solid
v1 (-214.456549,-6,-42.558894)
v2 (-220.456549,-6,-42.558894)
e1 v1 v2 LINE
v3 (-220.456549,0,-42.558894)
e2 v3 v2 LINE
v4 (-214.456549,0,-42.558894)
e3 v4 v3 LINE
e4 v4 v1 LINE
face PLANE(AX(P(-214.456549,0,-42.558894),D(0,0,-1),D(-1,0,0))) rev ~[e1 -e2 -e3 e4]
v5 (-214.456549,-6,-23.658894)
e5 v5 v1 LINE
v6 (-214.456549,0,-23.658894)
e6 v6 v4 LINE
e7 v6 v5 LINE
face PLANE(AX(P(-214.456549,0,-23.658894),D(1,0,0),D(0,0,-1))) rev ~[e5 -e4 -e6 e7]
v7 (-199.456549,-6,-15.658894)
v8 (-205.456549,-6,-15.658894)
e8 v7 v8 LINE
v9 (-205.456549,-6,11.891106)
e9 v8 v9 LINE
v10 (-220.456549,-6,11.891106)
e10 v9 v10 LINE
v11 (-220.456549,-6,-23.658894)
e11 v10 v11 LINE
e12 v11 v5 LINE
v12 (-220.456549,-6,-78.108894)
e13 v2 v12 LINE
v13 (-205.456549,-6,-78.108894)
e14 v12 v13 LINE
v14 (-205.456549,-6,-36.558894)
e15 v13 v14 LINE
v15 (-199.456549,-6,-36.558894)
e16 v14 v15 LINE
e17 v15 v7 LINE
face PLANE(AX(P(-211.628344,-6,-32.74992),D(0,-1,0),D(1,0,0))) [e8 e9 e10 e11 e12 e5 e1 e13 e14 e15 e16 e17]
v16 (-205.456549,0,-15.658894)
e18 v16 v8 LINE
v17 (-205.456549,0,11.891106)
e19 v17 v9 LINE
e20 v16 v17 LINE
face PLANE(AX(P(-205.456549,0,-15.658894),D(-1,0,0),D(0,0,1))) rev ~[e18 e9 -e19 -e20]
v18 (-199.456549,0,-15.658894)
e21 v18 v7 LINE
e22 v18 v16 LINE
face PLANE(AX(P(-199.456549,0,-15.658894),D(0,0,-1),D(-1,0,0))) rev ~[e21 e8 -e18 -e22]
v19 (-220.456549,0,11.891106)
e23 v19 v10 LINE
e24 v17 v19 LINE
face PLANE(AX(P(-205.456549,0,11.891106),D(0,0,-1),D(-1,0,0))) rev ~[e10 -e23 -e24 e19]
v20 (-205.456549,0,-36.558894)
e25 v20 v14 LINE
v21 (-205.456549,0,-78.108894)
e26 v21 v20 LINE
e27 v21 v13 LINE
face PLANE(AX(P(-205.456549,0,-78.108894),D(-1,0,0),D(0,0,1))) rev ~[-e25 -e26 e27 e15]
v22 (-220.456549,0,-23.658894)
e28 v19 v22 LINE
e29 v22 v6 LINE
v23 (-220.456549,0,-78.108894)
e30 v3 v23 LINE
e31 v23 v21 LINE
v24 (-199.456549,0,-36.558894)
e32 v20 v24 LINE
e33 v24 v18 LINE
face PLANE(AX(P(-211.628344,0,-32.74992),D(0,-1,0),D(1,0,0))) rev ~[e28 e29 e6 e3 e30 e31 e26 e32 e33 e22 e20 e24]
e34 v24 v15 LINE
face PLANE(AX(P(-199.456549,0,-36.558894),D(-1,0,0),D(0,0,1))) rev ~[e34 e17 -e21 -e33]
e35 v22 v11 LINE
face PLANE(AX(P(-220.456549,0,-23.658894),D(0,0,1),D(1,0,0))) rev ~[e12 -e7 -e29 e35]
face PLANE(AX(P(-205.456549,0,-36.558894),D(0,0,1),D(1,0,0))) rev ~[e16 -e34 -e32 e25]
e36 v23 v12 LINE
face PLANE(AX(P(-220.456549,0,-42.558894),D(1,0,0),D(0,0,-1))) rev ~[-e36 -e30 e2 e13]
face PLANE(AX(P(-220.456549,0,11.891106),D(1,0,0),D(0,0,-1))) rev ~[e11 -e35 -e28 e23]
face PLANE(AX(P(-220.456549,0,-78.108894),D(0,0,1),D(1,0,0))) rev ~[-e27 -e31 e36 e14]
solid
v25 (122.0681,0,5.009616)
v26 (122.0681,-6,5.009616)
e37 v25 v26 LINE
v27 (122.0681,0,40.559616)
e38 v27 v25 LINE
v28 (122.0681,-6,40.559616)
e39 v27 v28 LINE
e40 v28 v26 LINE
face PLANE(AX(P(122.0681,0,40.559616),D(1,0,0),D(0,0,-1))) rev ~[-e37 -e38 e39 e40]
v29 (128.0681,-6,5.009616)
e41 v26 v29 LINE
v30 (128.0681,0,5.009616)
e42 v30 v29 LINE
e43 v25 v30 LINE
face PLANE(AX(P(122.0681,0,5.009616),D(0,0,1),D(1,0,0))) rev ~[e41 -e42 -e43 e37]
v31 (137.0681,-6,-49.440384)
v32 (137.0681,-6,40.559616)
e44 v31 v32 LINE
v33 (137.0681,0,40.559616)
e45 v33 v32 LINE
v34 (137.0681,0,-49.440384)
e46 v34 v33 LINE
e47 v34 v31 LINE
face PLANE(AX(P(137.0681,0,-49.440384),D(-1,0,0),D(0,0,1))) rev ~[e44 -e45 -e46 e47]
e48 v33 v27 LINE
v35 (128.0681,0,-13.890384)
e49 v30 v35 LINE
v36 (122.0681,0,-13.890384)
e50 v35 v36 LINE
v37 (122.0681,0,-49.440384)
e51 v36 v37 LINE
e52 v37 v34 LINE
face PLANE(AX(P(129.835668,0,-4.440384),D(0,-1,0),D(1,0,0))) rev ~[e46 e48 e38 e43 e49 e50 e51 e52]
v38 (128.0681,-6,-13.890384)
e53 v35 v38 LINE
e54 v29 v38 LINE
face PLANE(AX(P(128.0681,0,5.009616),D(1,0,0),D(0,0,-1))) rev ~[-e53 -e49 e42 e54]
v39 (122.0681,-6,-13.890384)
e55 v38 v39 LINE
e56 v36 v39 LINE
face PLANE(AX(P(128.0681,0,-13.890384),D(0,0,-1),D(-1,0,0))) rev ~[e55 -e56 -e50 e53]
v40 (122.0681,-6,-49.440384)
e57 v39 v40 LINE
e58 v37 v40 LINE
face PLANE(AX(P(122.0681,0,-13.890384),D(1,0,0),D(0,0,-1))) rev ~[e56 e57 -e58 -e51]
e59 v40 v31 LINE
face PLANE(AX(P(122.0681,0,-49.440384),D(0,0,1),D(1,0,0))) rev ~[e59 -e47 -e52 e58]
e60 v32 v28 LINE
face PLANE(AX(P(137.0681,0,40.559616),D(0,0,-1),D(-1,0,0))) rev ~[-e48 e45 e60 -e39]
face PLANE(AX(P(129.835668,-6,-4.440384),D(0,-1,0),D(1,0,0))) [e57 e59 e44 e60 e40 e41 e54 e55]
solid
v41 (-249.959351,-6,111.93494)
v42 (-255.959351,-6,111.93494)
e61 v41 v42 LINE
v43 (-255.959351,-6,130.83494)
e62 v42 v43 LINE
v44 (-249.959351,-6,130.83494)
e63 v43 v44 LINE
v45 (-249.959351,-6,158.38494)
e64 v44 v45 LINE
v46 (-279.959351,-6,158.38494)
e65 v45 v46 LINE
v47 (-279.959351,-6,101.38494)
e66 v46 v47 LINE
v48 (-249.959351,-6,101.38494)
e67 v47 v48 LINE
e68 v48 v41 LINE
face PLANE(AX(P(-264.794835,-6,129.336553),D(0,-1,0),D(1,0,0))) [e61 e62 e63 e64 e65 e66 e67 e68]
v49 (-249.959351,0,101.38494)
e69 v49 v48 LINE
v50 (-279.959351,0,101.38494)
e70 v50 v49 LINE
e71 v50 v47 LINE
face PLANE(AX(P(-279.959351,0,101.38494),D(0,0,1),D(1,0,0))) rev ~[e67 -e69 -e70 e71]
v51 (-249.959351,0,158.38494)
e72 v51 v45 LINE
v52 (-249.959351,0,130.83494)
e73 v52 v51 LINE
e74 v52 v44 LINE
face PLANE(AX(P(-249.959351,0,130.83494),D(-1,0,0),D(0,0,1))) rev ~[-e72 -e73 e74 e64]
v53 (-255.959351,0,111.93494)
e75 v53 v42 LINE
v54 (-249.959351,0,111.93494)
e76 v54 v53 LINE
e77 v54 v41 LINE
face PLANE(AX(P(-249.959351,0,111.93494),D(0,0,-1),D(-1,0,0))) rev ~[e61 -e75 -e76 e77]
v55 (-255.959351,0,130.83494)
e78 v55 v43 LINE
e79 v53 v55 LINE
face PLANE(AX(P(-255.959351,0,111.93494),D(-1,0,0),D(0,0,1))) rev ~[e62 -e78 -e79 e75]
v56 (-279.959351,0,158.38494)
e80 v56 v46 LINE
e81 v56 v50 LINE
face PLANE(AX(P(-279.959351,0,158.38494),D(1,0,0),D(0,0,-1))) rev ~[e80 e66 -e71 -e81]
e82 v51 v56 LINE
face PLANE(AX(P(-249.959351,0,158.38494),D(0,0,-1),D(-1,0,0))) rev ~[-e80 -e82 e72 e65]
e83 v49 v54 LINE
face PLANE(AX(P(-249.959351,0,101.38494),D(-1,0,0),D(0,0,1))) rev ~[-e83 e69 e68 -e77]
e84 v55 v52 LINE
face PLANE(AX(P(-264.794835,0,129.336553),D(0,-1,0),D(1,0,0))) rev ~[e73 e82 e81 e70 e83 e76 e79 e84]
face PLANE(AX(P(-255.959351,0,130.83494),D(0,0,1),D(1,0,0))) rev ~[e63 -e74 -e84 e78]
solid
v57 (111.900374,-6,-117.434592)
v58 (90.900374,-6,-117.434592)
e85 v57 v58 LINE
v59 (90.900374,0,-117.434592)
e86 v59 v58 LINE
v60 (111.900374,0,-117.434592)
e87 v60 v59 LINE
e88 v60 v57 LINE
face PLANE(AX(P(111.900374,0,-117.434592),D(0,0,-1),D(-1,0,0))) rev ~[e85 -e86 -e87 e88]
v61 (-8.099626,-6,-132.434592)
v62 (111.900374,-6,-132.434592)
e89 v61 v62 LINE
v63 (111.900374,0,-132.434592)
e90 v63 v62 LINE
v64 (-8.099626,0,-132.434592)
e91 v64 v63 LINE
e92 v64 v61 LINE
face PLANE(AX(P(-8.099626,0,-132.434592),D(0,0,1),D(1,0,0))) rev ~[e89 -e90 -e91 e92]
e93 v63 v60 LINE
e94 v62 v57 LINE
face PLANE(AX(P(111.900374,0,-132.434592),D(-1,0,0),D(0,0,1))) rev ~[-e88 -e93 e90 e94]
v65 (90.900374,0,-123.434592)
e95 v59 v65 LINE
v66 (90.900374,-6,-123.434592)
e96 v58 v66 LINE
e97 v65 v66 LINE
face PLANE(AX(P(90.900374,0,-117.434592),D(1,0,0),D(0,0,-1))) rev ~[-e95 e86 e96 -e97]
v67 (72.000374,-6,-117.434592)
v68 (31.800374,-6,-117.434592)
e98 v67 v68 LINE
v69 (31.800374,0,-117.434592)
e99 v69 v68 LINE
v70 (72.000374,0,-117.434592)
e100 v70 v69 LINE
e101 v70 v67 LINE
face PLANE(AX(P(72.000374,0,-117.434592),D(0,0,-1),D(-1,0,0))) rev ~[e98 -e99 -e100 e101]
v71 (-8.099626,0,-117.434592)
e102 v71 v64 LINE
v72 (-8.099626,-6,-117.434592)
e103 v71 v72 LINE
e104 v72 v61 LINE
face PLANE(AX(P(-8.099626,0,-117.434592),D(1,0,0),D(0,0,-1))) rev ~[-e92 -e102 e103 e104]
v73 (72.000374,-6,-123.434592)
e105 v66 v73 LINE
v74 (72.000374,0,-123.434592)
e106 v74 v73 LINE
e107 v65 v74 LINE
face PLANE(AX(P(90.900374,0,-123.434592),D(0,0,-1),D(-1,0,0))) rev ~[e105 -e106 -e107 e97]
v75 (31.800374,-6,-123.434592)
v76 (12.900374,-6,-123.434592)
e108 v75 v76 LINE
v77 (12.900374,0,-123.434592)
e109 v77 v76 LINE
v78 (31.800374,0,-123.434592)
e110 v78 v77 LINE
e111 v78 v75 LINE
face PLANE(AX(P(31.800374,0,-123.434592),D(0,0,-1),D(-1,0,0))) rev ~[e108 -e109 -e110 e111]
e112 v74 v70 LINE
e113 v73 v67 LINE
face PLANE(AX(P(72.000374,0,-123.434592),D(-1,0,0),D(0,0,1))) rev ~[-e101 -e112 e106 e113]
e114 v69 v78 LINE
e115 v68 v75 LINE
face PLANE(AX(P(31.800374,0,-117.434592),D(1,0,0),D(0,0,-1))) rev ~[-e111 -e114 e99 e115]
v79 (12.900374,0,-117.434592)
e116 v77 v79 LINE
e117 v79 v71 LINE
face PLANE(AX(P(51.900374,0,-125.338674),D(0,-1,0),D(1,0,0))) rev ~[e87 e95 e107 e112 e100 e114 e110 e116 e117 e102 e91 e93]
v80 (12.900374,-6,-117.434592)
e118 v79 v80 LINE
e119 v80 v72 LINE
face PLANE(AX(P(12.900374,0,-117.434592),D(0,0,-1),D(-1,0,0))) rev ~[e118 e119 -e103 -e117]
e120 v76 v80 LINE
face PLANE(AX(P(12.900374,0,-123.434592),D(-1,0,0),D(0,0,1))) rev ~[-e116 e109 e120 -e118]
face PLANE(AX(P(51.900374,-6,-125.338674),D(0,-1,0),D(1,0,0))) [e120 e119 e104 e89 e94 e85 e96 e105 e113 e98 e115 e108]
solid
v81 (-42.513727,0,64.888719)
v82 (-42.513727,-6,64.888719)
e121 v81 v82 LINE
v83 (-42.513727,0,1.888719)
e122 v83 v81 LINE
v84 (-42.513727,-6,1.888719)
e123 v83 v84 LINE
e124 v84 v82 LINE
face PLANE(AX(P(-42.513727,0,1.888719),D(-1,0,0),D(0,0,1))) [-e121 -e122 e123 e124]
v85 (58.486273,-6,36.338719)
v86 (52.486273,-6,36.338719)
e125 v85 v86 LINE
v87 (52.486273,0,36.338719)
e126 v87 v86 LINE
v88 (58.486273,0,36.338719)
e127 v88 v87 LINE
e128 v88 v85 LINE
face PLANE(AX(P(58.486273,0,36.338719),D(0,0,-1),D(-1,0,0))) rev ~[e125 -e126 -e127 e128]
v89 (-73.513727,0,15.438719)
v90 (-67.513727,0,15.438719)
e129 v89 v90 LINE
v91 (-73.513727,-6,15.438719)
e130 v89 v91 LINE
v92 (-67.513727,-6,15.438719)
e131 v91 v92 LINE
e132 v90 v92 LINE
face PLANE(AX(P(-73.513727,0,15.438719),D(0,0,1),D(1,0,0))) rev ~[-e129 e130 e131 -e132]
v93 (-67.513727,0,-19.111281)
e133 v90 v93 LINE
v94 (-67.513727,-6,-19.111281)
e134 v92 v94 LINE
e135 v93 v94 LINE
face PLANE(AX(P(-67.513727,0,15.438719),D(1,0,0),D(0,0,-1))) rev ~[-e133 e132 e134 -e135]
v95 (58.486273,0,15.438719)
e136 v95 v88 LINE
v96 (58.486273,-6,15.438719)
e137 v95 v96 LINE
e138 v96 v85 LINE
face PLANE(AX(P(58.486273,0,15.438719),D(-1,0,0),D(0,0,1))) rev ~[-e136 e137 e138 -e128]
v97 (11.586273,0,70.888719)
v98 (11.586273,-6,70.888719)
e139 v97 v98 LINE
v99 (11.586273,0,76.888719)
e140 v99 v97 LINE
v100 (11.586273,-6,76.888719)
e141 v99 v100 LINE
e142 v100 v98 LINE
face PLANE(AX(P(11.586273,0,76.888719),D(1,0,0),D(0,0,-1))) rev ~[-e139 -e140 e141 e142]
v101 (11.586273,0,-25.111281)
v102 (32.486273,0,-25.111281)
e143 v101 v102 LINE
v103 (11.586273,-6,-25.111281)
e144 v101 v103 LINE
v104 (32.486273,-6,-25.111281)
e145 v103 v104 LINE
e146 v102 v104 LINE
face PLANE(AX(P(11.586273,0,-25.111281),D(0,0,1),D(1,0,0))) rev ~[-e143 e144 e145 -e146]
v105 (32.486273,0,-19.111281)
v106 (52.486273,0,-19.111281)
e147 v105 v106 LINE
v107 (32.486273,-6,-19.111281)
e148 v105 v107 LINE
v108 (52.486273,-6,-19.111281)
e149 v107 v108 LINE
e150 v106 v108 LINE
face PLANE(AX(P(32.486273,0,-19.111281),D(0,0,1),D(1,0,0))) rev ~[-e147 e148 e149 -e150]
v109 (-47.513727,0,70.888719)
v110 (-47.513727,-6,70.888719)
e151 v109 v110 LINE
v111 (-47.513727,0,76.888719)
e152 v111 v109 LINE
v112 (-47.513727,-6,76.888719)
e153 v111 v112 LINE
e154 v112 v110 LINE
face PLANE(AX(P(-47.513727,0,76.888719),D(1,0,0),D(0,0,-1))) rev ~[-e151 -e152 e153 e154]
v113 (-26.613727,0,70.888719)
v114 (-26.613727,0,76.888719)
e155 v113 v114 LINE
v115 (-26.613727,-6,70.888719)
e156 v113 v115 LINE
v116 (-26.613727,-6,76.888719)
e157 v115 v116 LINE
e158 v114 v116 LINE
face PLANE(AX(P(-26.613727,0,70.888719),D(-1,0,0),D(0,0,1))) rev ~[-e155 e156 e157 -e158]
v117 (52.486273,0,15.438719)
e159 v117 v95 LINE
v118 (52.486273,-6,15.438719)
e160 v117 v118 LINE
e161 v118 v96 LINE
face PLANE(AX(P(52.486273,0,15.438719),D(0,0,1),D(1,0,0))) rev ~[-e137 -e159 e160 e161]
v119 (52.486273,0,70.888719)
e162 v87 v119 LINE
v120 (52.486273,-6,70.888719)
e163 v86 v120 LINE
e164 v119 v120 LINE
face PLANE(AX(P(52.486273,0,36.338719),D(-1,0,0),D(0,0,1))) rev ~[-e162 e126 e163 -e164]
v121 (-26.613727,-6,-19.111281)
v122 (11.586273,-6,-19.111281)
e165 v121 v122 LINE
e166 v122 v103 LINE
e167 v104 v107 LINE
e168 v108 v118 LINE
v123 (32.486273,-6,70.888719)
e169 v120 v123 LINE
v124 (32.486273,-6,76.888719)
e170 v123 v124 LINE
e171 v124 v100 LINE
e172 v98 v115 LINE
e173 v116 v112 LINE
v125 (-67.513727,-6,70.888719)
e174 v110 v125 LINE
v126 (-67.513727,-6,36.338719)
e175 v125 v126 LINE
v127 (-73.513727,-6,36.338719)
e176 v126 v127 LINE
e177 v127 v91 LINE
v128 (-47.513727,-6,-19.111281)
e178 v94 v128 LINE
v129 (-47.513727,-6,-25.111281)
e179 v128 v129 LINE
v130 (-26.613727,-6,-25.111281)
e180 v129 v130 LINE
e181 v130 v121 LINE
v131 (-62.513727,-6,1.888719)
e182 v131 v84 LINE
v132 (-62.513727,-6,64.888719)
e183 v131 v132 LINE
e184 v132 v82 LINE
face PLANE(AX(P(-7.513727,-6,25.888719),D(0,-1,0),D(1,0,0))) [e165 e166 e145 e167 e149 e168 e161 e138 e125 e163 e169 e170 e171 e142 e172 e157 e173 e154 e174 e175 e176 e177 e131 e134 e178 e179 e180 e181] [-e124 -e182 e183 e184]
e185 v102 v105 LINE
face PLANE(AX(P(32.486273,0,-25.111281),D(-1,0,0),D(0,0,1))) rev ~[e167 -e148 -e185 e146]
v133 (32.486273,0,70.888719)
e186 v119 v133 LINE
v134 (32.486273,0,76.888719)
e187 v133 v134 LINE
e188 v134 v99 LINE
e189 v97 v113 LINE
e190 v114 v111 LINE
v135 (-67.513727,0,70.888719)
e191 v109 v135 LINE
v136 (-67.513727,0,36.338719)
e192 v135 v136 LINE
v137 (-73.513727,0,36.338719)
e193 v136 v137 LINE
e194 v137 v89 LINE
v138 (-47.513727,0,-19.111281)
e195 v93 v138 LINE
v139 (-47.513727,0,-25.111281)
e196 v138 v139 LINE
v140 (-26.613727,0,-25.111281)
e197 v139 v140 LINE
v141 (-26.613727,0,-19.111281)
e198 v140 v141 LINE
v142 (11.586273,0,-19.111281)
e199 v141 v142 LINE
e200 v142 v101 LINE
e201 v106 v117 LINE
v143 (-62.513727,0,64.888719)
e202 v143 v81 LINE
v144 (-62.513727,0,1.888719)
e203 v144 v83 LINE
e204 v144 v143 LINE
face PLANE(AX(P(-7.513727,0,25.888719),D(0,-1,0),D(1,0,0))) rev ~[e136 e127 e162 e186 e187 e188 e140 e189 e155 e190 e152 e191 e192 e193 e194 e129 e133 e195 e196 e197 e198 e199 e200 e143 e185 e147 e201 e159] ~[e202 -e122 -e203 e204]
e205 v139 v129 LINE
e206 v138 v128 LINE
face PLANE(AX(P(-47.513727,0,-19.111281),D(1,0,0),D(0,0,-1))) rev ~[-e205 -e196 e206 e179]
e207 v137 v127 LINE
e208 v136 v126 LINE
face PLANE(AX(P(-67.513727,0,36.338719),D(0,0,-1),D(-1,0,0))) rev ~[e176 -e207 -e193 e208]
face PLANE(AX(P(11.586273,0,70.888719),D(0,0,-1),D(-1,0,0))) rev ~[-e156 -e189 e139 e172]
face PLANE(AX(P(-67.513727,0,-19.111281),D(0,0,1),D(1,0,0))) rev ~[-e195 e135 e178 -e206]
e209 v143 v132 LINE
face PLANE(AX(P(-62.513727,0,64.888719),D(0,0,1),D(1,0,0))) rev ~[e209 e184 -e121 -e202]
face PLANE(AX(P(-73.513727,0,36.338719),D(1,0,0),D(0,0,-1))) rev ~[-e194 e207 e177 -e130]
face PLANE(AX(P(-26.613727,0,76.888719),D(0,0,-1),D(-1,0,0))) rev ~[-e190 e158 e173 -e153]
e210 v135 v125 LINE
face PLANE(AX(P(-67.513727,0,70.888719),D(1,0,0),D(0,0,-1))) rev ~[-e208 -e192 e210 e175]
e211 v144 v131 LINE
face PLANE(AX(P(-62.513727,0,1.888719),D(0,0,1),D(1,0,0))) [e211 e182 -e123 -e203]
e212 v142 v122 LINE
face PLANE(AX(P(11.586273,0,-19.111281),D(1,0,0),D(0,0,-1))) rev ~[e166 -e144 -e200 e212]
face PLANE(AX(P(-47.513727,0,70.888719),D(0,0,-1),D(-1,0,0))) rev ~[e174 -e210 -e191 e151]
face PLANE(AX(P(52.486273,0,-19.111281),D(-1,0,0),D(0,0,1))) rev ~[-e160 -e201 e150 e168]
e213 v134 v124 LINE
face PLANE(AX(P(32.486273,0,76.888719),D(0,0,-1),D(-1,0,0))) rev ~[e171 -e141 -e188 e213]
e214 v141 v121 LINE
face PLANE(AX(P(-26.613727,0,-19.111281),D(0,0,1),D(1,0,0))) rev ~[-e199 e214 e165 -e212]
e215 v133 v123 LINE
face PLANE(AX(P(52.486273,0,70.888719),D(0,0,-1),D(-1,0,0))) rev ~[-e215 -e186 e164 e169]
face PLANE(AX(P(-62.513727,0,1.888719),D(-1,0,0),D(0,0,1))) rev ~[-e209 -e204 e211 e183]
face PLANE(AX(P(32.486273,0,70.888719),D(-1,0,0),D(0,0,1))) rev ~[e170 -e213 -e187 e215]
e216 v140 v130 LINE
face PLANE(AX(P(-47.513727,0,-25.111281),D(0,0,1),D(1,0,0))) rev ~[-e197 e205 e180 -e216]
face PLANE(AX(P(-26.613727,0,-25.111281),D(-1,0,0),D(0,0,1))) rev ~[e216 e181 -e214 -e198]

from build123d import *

# Parameters (mm, degrees)
F0_W     = 20
F0_H     = 63
F1_DEPTH = 6


with BuildPart() as f1:
    # F0 (on Front) → F1 (new body)
    with BuildSketch(Plane.XZ):
        Polygon((-47.513727, 70.888719), (-67.513727, 70.888719), (-67.513727, 36.338719), (-73.513727, 36.338719), (-73.513727, 15.438719), (-67.513727, 15.438719), (-67.513727, -19.111281), (-47.513727, -19.111281), (-47.513727, -25.111281), (-26.613727, -25.111281), (-26.613727, -19.111281), (11.586273, -19.111281), (11.586273, -25.111281), (32.486273, -25.111281), (32.486273, -19.111281), (52.486273, -19.111281), (52.486273, 15.438719), (58.486273, 15.438719), (58.486273, 36.338719), (52.486273, 36.338719), (52.486273, 70.888719), (32.486273, 70.888719), (32.486273, 76.888719), (11.586273, 76.888719), (11.586273, 70.888719), (-26.613727, 70.888719), (-26.613727, 76.888719), (-47.513727, 76.888719), align=None)
        with Locations((-52.513727, 33.388719)):
            Rectangle(F0_W, F0_H, mode=Mode.SUBTRACT)
        Polygon((12.900374, -117.434592), (-8.099626, -117.434592), (-8.099626, -132.434592), (111.900374, -132.434592), (111.900374, -117.434592), (90.900374, -117.434592), (90.900374, -123.434592), (72.000374, -123.434592), (72.000374, -117.434592), (31.800374, -117.434592), (31.800374, -123.434592), (12.900374, -123.434592), align=None)
        Polygon((137.0681, -49.440384), (137.0681, 40.559616), (122.0681, 40.559616), (122.0681, 5.009616), (128.0681, 5.009616), (128.0681, -13.890384), (122.0681, -13.890384), (122.0681, -49.440384), align=None)
        Polygon((-205.456549, -15.658894), (-205.456549, 11.891106), (-220.456549, 11.891106), (-220.456549, -23.658894), (-214.456549, -23.658894), (-214.456549, -42.558894), (-220.456549, -42.558894), (-220.456549, -78.108894), (-205.456549, -78.108894), (-205.456549, -36.558894), (-199.456549, -36.558894), (-199.456549, -15.658894), align=None)
        Polygon((-249.959351, 158.38494), (-279.959351, 158.38494), (-279.959351, 101.38494), (-249.959351, 101.38494), (-249.959351, 111.93494), (-255.959351, 111.93494), (-255.959351, 130.83494), (-249.959351, 130.83494), align=None)
    extrude(amount=F1_DEPTH)


solid = f1.part
